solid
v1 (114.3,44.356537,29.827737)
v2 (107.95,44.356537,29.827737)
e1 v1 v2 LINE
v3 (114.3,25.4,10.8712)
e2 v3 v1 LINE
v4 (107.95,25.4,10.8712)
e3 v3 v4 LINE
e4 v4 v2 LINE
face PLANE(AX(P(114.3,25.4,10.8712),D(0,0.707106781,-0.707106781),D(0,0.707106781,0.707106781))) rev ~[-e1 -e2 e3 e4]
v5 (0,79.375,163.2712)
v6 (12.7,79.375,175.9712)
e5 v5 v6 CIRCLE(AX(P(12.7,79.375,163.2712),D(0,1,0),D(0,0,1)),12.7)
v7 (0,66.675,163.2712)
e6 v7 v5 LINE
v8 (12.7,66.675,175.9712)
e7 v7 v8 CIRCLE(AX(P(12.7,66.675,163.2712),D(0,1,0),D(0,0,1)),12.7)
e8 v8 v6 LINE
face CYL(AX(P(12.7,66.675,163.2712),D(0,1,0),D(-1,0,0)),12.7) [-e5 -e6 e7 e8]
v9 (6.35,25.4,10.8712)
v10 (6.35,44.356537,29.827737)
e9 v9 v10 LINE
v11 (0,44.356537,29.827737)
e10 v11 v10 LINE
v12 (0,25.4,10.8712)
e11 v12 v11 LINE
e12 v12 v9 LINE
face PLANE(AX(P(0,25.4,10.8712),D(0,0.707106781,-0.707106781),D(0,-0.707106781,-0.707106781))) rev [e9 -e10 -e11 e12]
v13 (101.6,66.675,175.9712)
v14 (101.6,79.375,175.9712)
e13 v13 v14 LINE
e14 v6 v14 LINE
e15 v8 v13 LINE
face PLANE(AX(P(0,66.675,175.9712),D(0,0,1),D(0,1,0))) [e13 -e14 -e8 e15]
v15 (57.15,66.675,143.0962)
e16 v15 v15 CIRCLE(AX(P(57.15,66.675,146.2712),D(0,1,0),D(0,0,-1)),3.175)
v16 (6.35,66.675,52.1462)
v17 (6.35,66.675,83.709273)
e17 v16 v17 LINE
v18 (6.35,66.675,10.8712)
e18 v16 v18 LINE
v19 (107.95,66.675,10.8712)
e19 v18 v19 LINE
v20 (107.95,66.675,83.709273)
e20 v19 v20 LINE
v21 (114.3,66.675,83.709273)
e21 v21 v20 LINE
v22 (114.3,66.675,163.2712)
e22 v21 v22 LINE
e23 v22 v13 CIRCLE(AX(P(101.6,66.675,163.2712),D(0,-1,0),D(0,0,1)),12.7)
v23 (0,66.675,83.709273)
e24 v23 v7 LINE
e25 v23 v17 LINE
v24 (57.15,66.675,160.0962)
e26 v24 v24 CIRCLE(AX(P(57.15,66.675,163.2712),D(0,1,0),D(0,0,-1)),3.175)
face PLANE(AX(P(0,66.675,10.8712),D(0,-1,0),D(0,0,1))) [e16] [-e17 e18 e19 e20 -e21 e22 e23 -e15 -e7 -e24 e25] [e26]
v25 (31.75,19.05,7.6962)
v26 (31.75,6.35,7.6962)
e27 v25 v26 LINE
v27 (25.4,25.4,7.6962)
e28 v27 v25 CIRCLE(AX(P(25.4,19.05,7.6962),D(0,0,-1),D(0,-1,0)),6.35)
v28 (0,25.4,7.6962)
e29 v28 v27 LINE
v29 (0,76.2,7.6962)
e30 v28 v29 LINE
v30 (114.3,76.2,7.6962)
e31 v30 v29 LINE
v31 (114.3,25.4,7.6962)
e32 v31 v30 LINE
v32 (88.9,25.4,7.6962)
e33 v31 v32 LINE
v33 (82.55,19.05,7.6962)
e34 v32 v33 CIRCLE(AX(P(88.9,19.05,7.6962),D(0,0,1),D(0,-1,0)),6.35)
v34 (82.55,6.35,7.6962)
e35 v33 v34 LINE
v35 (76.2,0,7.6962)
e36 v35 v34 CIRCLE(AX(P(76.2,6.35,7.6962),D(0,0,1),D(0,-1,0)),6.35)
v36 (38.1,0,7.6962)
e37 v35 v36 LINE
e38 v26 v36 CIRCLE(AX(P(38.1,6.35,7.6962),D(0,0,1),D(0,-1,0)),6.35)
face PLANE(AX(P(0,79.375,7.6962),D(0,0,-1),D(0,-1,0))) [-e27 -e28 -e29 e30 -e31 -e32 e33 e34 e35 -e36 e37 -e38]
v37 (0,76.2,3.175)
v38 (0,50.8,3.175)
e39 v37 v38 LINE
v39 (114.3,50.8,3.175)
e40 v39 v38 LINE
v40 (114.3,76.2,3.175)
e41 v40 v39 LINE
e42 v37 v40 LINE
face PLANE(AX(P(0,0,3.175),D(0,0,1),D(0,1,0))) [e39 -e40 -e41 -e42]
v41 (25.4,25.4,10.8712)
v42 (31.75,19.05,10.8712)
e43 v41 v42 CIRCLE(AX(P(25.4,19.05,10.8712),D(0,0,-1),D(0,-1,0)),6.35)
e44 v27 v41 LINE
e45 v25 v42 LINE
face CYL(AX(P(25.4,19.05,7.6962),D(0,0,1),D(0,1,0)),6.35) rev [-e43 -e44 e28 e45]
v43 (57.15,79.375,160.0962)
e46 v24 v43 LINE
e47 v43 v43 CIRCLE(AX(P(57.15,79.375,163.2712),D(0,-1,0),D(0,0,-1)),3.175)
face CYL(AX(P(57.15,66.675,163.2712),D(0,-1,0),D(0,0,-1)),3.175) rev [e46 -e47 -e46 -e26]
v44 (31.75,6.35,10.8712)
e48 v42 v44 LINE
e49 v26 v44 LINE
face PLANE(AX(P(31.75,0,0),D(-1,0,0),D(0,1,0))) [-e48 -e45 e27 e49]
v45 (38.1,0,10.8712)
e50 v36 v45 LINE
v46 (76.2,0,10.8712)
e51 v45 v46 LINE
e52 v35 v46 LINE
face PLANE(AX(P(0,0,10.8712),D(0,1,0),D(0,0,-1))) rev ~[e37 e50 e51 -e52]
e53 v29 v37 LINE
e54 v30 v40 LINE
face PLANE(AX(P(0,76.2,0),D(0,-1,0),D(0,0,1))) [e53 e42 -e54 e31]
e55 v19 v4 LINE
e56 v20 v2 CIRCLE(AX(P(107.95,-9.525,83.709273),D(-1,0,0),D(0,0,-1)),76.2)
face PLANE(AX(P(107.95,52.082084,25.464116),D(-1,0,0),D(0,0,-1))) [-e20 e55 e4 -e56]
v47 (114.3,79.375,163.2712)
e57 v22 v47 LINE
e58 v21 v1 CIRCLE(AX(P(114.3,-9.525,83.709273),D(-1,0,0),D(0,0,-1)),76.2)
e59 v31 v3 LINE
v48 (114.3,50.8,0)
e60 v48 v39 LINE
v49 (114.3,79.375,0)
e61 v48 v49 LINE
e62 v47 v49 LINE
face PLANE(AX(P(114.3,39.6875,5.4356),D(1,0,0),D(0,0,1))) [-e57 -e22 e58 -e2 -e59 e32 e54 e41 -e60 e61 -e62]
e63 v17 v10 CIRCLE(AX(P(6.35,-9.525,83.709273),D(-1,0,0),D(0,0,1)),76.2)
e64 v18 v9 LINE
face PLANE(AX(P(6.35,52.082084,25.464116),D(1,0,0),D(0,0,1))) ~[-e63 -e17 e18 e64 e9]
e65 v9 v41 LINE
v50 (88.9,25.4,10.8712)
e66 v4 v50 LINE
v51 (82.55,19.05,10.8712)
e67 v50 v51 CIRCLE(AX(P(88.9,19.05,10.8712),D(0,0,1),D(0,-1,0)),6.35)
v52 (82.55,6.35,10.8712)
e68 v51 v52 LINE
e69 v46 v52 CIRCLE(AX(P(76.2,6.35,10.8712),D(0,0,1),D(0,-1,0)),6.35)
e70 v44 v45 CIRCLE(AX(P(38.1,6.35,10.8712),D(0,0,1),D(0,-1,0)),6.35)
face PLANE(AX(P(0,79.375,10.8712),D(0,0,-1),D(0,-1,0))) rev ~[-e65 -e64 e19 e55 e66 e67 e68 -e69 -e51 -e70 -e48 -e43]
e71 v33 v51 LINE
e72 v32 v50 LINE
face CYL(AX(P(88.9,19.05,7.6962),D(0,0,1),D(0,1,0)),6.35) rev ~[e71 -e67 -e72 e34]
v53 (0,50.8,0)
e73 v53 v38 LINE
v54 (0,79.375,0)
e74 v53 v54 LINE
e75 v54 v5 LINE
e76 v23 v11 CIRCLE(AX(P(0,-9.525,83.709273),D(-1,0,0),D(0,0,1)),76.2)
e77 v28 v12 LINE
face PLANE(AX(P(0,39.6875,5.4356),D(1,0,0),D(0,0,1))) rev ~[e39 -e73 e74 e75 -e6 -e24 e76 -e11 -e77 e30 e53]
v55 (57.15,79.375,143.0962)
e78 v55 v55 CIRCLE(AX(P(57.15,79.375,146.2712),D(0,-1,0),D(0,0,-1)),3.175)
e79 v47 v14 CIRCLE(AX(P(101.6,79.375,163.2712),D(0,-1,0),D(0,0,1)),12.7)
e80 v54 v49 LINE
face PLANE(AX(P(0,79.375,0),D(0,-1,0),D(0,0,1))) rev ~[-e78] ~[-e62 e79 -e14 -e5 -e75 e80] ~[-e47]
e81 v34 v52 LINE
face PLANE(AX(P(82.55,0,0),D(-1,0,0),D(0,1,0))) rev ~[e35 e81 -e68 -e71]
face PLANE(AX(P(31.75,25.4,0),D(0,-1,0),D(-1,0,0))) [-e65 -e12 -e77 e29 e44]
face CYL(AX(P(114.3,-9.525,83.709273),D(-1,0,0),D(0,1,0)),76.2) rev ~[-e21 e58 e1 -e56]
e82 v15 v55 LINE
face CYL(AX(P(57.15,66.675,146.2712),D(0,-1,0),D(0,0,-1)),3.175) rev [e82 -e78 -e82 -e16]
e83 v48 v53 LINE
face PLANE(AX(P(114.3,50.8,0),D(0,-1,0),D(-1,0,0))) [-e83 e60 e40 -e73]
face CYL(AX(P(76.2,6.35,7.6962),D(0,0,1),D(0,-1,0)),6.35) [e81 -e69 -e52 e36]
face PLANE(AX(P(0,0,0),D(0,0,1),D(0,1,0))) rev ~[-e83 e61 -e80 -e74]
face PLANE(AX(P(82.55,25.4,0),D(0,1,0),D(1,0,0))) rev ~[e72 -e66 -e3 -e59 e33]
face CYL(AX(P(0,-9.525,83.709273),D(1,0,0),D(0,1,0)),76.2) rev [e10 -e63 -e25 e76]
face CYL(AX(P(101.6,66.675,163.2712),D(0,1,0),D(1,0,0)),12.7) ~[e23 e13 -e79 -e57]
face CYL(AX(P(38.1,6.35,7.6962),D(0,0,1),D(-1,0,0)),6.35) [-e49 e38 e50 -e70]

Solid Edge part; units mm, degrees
sketch "Sketch1" plane through (0, 0, 0) normal (1, 0, 0) x (0, 1, 0)
  line L0 (79.375, 10.8712) -> (0, 10.8712)
  line L1 (0, 10.8712) -> (0, 0)
  line L2 (0, 0) -> (79.375, 0)
  line L3 (79.375, 0) -> (79.375, 10.8712)
extrude "Protrusion1" add sketch "Sketch1" along normal blind 114.3
shell "Thinwall_1" thickness 3.175 removed faces 3 at (114.3, 65.3521, 1.7032) at (94.107, 0, 9.168) at (0, 65.3521, 1.7032)
sketch "Sketch2" plane through (0, 0, 0) normal (1, 0, 0) x (0, 1, 0)
  line L0 (79.375, 175.9712) -> (79.375, 10.8712)
  line L1 (79.375, 10.8712) -> (66.675, 10.8712)
  line L2 (66.675, 10.8712) -> (66.675, 175.9712)
  line L3 (66.675, 175.9712) -> (79.375, 175.9712)
extrude "Protrusion2" add sketch "Sketch2" along normal up to vertex (114.3 mm away)
hole "Hole_1" at (57.15, 66.675, 163.2712) direction (0, 1, 0) diameter 6.35 end up to next
hole "Hole1" at (57.15, 66.675, 146.2712) direction (0, 1, 0) diameter 6.35 end up to next
fillet "Round_3" radius 12.7 2 edges at (114.3, 73.025, 175.9712) (0, 73.025, 175.9712)
sketch "Sketch3" plane through (57.15, 39.6875, 0) normal (0, 0, -1) x (1, 0, 0)
  line L0 (57.15, -11.1125) -> (-57.15, -11.1125)
  line L1 (-57.15, -11.1125) -> (-57.15, 39.6875)
  line L2 (-57.15, 39.6875) -> (57.15, 39.6875)
  line L3 (57.15, 39.6875) -> (57.15, -11.1125)
extrude "Cutout1" cut sketch "Sketch3" against normal up to next
sketch "Sketch4" plane through (57.15, 39.6875, 0) normal (0, 0, -1) x (1, 0, 0)
  line L0 (25.4, 14.2875) -> (57.15, 14.2875)
  line L1 (57.15, 14.2875) -> (57.15, 39.6875)
  line L2 (57.15, 39.6875) -> (25.4, 39.6875)
  line L3 (25.4, 39.6875) -> (25.4, 14.2875)
  line L4 (-25.4, 39.6875) -> (-25.4, 14.2875)
  line L5 (-25.4, 14.2875) -> (-57.15, 14.2875)
  line L6 (-57.15, 14.2875) -> (-57.15, 39.6875)
  line L7 (-57.15, 39.6875) -> (-25.4, 39.6875)
  dimension "D1" = 50.8
  dimension "D2" = 25.4
  dimension "D3" = 25.4
  dimension "D4" = 31.75
extrude "Cutout2" cut sketch "Sketch4" against normal up to next
fillet "Round_4" radius 6.35 4 edges at (31.75, 25.4, 9.2837) (82.55, 25.4, 9.2837) (82.55, 0, 9.2837) (31.75, 0, 9.2837)
sketch "Sketch5" plane through (114.3, 52.3875, 81.6356) normal (1, 0, 0) x (0, 1, 0)
  line L0 (-26.9875, -70.7644) -> (14.2875, -29.4894)
  line L1 (14.2875, -29.4894) -> (14.2875, -70.7644)
  line L2 (14.2875, -70.7644) -> (-26.9875, -70.7644)
extrude "ExtrudedProtrusion_5" add sketch "Sketch5" against normal blind 6.35
fillet "Round_5" radius 76.2 1 edges at (111.125, 66.675, 52.1462)
mirror "Mirror1" about plane through (57.15, 0, 0) normal (-1, 0, 0) of "ExtrudedProtrusion_5"
fillet "Round1" radius 76.2 1 edges at (3.175, 66.675, 52.1462)
properties material "ABS Plastic, medium impact"
